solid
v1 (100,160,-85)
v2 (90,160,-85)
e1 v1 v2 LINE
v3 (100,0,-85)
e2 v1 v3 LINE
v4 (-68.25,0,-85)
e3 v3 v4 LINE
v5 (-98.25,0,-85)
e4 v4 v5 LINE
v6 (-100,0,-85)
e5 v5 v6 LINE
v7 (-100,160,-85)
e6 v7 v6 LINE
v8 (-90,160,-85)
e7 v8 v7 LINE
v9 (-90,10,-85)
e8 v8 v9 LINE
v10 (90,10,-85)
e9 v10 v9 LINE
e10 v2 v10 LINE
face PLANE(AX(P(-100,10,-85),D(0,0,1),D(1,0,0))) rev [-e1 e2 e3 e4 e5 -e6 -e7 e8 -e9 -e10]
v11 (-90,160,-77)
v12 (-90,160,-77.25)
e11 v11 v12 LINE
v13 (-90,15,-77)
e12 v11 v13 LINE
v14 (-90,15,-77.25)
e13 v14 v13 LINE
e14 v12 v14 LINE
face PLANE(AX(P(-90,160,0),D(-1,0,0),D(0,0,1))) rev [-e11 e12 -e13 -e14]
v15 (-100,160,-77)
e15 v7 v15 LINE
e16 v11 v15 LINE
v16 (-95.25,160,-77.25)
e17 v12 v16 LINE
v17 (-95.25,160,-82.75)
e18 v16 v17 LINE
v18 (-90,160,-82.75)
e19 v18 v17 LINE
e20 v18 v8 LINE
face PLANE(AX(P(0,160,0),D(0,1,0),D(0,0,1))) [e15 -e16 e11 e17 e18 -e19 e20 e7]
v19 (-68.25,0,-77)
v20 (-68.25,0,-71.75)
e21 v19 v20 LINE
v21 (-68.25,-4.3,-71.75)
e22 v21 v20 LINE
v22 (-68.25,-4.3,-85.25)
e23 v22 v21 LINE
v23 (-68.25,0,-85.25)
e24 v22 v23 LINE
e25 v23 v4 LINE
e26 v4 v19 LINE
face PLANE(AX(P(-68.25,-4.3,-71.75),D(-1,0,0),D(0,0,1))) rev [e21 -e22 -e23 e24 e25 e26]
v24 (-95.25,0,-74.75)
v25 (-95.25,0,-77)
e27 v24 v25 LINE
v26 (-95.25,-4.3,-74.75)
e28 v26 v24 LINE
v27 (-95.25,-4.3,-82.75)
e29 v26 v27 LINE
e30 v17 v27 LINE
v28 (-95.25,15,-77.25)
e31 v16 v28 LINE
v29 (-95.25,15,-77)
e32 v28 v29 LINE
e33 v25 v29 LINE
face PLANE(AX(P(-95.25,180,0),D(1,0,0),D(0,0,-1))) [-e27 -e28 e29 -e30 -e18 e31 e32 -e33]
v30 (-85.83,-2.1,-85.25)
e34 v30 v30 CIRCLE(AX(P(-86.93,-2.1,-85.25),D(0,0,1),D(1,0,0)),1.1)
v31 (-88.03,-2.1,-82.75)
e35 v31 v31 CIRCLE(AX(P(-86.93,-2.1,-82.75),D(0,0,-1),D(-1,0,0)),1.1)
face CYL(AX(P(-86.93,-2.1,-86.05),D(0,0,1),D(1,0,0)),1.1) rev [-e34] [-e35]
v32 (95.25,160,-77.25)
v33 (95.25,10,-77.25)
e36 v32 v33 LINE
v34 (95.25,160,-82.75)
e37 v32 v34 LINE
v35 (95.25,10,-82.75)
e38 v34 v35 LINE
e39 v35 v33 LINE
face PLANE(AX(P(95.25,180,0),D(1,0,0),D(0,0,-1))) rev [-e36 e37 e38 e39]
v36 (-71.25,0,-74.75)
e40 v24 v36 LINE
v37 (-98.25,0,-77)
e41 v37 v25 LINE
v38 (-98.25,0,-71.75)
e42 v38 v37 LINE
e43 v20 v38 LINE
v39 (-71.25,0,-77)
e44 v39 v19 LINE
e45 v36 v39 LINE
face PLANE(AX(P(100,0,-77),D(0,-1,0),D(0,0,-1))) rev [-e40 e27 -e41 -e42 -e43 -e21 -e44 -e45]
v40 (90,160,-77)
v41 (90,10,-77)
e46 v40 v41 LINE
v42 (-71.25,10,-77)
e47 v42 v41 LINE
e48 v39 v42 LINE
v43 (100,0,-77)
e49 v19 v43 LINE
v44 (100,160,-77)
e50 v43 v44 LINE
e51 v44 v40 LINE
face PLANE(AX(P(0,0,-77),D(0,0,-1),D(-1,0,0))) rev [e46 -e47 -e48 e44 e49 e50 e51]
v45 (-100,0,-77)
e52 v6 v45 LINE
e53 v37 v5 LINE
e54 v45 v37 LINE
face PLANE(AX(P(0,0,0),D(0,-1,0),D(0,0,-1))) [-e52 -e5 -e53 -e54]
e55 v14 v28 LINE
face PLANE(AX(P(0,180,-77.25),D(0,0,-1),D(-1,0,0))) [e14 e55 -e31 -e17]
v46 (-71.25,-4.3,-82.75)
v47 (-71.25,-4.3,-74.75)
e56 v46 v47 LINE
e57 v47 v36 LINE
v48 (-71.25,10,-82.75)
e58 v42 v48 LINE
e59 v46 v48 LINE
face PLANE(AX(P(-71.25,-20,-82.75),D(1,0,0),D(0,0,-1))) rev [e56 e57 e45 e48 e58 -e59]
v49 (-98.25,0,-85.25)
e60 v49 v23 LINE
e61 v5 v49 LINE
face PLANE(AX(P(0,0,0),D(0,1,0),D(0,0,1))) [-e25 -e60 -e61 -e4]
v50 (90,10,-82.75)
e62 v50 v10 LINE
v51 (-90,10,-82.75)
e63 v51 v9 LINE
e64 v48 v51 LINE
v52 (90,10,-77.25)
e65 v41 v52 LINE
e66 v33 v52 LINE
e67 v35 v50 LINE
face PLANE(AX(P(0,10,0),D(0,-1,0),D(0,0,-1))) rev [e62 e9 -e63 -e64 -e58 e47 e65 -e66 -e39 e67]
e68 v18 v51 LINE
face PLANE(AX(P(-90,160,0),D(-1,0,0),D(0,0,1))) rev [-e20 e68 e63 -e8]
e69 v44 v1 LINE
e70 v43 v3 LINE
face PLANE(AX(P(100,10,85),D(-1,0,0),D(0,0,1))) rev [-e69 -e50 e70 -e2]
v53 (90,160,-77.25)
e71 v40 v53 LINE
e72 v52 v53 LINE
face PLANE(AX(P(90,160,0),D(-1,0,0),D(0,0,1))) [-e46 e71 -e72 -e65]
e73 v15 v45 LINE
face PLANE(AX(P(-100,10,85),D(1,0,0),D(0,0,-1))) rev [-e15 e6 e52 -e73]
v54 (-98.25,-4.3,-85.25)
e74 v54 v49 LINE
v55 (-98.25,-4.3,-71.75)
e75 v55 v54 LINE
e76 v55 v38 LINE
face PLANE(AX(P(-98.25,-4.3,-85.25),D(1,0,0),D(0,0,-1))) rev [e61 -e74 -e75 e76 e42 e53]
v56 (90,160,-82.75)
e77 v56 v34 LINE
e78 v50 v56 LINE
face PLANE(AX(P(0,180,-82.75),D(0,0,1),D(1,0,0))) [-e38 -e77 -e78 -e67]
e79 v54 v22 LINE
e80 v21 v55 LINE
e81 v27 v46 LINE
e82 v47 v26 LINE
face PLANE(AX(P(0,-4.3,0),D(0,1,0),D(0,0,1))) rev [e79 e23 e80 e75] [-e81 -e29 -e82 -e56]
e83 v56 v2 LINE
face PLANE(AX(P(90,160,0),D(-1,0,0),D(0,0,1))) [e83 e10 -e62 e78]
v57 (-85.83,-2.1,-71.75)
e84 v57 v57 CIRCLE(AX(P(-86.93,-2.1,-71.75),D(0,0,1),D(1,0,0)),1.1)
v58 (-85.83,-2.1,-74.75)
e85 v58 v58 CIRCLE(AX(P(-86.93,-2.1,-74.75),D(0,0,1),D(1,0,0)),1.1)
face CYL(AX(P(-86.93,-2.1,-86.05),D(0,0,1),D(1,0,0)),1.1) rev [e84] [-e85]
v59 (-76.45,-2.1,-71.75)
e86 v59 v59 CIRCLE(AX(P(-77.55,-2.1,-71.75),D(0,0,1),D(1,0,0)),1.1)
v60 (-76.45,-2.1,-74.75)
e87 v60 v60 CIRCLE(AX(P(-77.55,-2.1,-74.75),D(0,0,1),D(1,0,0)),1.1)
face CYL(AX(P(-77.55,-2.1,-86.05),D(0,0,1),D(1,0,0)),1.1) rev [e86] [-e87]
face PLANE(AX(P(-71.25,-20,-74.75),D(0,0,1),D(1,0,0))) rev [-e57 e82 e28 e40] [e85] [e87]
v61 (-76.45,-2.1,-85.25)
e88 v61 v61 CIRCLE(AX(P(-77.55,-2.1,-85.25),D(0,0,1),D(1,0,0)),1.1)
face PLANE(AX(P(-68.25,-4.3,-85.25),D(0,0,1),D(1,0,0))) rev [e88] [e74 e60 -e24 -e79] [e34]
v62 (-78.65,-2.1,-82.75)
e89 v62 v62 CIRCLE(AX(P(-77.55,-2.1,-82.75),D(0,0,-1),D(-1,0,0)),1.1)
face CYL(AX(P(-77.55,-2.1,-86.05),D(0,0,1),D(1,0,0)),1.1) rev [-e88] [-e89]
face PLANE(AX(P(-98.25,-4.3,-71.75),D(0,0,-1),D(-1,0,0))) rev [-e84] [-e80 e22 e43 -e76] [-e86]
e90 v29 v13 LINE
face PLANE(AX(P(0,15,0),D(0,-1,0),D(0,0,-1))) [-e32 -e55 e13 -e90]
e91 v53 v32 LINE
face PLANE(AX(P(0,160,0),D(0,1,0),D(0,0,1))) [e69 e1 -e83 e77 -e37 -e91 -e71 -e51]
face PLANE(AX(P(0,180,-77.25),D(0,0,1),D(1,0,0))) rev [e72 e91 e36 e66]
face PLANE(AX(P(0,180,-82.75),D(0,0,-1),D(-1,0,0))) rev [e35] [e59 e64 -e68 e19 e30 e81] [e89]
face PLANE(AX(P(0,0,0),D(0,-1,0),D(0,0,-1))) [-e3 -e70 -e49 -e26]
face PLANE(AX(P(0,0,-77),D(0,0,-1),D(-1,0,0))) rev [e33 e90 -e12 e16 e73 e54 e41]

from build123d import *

# Parameters (mm, degrees)
CROQUIS1_W              = 200
CROQUIS1_H              = 170
SALIENTE_EXTRUIR1_DEPTH = 10
SALIENTE_EXTRUIR2_DEPTH = 150
CROQUIS3_W              = 90
CROQUIS3_H              = 10
SALIENTE_EXTRUIR3_DEPTH = 100
CROQUIS4_W              = 5.25
CROQUIS4_H              = 5.5
CORTAR_EXTRUIR1_DEPTH   = 170
CROQUIS7_W              = 90
CROQUIS7_H              = 10
SALIENTE_EXTRUIR4_DEPTH = 5
CORTAR_EXTRUIR3_DEPTH   = 10
CORTAR_EXTRUIR4_DEPTH   = 30
CORTAR_EXTRUIR5_DEPTH   = 5
CROQUIS10_W             = 30
CROQUIS10_H             = 13.5
CROQUIS10_W_2           = 24
CROQUIS10_H_2           = 8
SALIENTE_EXTRUIR5_DEPTH = 4.3
CROQUIS11_R             = 1.1
CORTAR_EXTRUIR6_DEPTH   = 14.3
CROQUIS12_R             = 1.75
CORTAR_EXTRUIR7_DEPTH   = 6.4
CROQUIS13_R             = 1.7
CORTAR_EXTRUIR8_DEPTH   = 5
CROQUIS14_W             = 0.3
CROQUIS14_H             = 10
CORTAR_EXTRUIR9_DEPTH   = 5
SALIENTE_EXTRUIR6_DEPTH = 5
CROQUIS16_W             = 200
CROQUIS16_H             = 160
CORTAR_EXTRUIR10_DEPTH  = 162
CROQUIS16_2_W           = 200
CROQUIS16_2_H           = 160
CORTAR_EXTRUIR11_DEPTH  = 162


with BuildPart() as part:
    # Croquis1 → Saliente-Extruir1 (new body)
    with BuildSketch(Plane(origin=(0, 0, 0), x_dir=(1, 0, 0), z_dir=(0, 1, 0))):
        Rectangle(CROQUIS1_W, CROQUIS1_H)
    extrude(amount=SALIENTE_EXTRUIR1_DEPTH)

    # Croquis2 → Saliente-Extruir2 (add)
    with BuildSketch(Plane(origin=(0, 10, 0), x_dir=(1, 0, 0), z_dir=(0, 1, 0))):
        Polygon((-100, 85), (-100, -85), (-30.21, -85), (-30.21, -75), (-90, -75), (-90, 85), align=None)
        Polygon((59.79, -75), (59.79, -85), (100, -85), (100, 85), (90, 85), (90, -75), align=None)
    extrude(amount=SALIENTE_EXTRUIR2_DEPTH)

    # Croquis3 → Saliente-Extruir3 (add)
    with BuildSketch(Plane(origin=(0, 160, 0), x_dir=(1, 0, 0), z_dir=(0, 1, 0))):
        with Locations((14.79, -80)):
            Rectangle(CROQUIS3_W, CROQUIS3_H)
    extrude(amount=-SALIENTE_EXTRUIR3_DEPTH)

    # Croquis4 → Cortar-Extruir1 (cut)
    with BuildSketch(Plane(origin=(0, 10, 65), x_dir=(-1, 0, 0), z_dir=(0, 1, 0))):
        with Locations((92.625, -145)):
            Rectangle(CROQUIS4_W, CROQUIS4_H)
        with Locations((-92.625, -145)):
            Rectangle(CROQUIS4_W, CROQUIS4_H)
    extrude(amount=CORTAR_EXTRUIR1_DEPTH, mode=Mode.SUBTRACT)

    # Croquis7 → Saliente-Extruir4 (add)
    with BuildSketch(Plane.XY.offset(85)):
        with Locations((14.79, 65)):
            Rectangle(CROQUIS7_W, CROQUIS7_H)
    extrude(amount=SALIENTE_EXTRUIR4_DEPTH)

    # Croquis8 → Cortar-Extruir3 (cut)
    with BuildSketch(Plane(origin=(0, 160, 0), x_dir=(1, 0, 0), z_dir=(0, 1, 0))):
        Polygon((98, -83), (98, 70), (92, 70), (92, -77), (-92, -77), (-92, 70), (-98, 70), (-98, -83), align=None)
    extrude(amount=-CORTAR_EXTRUIR3_DEPTH, mode=Mode.SUBTRACT)

    # Croquis9 → Cortar-Extruir4 (cut)
    with BuildSketch(Plane(origin=(0, 10, 0), x_dir=(1, 0, 0), z_dir=(0, 1, 0))):
        Polygon((-95.25, 77.25), (-95.25, 82.75), (-71.25, 82.75), (-71.25, 77.25), (-71.25, 74.75), (-95.25, 74.75), align=None)
    extrude(amount=-CORTAR_EXTRUIR4_DEPTH, mode=Mode.SUBTRACT)

    # Croquis9<2> → Cortar-Extruir5 (cut)
    with BuildSketch(Plane(origin=(0, 10, 0), x_dir=(1, 0, 0), z_dir=(0, 1, 0))):
        Polygon((-95.25, 77.25), (-95.25, 82.75), (-71.25, 82.75), (-71.25, 77.25), (-71.25, 74.75), (-95.25, 74.75), align=None)
    extrude(amount=CORTAR_EXTRUIR5_DEPTH, mode=Mode.SUBTRACT)

    # Croquis10 → Saliente-Extruir5 (add)
    with BuildSketch(Plane.XZ):
        with Locations((-83.25, -78.5)):
            Rectangle(CROQUIS10_W, CROQUIS10_H)
        with Locations((-83.25, -78.75)):
            Rectangle(CROQUIS10_W_2, CROQUIS10_H_2, mode=Mode.SUBTRACT)
    extrude(amount=SALIENTE_EXTRUIR5_DEPTH)

    # Croquis11 → Cortar-Extruir6 (cut)
    with BuildSketch(Plane.XY.offset(-71.75)):
        with Locations((-77.55, -2.1)):
            Circle(CROQUIS11_R)
        with Locations((-86.93, -2.1)):
            Circle(CROQUIS11_R)
    extrude(amount=-CORTAR_EXTRUIR6_DEPTH, mode=Mode.SUBTRACT)

    # Croquis12 → Cortar-Extruir7 (cut)
    with BuildSketch(Plane.XZ):
        with Locations((-91.5, -55)):
            Circle(CROQUIS12_R)
        with Locations((18.5, -55)):
            Circle(CROQUIS12_R)
        with Locations((-91.5, 55)):
            Circle(CROQUIS12_R)
        with Locations((18.5, 55)):
            Circle(CROQUIS12_R)
    extrude(amount=-CORTAR_EXTRUIR7_DEPTH, mode=Mode.SUBTRACT)

    # Croquis13 → Cortar-Extruir8 (cut)
    with BuildSketch(Plane.XY.offset(85)):
        with Locations((-50.21, 24)):
            Circle(CROQUIS13_R)
        with Locations((79.79, 24)):
            Circle(CROQUIS13_R)
    extrude(amount=-CORTAR_EXTRUIR8_DEPTH, mode=Mode.SUBTRACT)

    # Croquis14 → Cortar-Extruir9 (cut)
    with BuildSketch(Plane.XY.offset(90)):
        with Locations((-30.06, 65)):
            Rectangle(CROQUIS14_W, CROQUIS14_H)
        with Locations((59.64, 65)):
            Rectangle(CROQUIS14_W, CROQUIS14_H)
    extrude(amount=-CORTAR_EXTRUIR9_DEPTH, mode=Mode.SUBTRACT)

    # Croquis15 → Saliente-Extruir6 (add)
    with BuildSketch(Plane.XY.offset(85)):
        Polygon((14.79, 0), (94.79, 0), (94.79, 4.8), (14.79, 4.8), (-65.21, 4.8), (-65.21, 0), align=None)
    extrude(amount=SALIENTE_EXTRUIR6_DEPTH)

    # Croquis16 → Cortar-Extruir10 (cut)
    with BuildSketch(Plane.XY.offset(85)):
        with Locations((0, 80)):
            Rectangle(CROQUIS16_W, CROQUIS16_H)
    extrude(amount=-CORTAR_EXTRUIR10_DEPTH, mode=Mode.SUBTRACT)


with BuildPart() as cortar_extruir10_piece_1:
    # of the separate pieces the step leaves, piece 1, a body of its own (cortar_extruir10_pieces)
    add(part.part.solids().sort_by_distance((-100, 160, -85))[0])


with BuildPart() as cortar_extruir10_piece_2:
    # of the separate pieces the step leaves, piece 2, a body of its own (cortar_extruir10_pieces)
    add(part.part.solids().sort_by_distance((-29.91, 60, 90))[0])


with BuildPart() as cortar_extruir10_piece_3:
    # of the separate pieces the step leaves, piece 3, a body of its own (cortar_extruir10_pieces)
    add(part.part.solids().sort_by_distance((-65.21, 4.8, 85))[0])


with BuildPart() as cortar_extruir11_tool:
    # Croquis16<2> → Cortar-Extruir11 (new body)
    with BuildSketch(Plane.XY.offset(85)):
        with Locations((0, 80)):
            Rectangle(CROQUIS16_2_W, CROQUIS16_2_H)
    extrude(amount=CORTAR_EXTRUIR11_DEPTH)


with BuildPart() as cortar_extruir10_piece_2_1:
    add(cortar_extruir10_piece_2.part)

    # Cortar-Extruir11: cut by cortar_extruir11_tool
    add(cortar_extruir11_tool.part, mode=Mode.SUBTRACT)


with BuildPart() as cortar_extruir10_piece_3_1:
    add(cortar_extruir10_piece_3.part)

    # Cortar-Extruir11: cut by cortar_extruir11_tool
    add(cortar_extruir11_tool.part, mode=Mode.SUBTRACT)


solid = cortar_extruir10_piece_1.part
